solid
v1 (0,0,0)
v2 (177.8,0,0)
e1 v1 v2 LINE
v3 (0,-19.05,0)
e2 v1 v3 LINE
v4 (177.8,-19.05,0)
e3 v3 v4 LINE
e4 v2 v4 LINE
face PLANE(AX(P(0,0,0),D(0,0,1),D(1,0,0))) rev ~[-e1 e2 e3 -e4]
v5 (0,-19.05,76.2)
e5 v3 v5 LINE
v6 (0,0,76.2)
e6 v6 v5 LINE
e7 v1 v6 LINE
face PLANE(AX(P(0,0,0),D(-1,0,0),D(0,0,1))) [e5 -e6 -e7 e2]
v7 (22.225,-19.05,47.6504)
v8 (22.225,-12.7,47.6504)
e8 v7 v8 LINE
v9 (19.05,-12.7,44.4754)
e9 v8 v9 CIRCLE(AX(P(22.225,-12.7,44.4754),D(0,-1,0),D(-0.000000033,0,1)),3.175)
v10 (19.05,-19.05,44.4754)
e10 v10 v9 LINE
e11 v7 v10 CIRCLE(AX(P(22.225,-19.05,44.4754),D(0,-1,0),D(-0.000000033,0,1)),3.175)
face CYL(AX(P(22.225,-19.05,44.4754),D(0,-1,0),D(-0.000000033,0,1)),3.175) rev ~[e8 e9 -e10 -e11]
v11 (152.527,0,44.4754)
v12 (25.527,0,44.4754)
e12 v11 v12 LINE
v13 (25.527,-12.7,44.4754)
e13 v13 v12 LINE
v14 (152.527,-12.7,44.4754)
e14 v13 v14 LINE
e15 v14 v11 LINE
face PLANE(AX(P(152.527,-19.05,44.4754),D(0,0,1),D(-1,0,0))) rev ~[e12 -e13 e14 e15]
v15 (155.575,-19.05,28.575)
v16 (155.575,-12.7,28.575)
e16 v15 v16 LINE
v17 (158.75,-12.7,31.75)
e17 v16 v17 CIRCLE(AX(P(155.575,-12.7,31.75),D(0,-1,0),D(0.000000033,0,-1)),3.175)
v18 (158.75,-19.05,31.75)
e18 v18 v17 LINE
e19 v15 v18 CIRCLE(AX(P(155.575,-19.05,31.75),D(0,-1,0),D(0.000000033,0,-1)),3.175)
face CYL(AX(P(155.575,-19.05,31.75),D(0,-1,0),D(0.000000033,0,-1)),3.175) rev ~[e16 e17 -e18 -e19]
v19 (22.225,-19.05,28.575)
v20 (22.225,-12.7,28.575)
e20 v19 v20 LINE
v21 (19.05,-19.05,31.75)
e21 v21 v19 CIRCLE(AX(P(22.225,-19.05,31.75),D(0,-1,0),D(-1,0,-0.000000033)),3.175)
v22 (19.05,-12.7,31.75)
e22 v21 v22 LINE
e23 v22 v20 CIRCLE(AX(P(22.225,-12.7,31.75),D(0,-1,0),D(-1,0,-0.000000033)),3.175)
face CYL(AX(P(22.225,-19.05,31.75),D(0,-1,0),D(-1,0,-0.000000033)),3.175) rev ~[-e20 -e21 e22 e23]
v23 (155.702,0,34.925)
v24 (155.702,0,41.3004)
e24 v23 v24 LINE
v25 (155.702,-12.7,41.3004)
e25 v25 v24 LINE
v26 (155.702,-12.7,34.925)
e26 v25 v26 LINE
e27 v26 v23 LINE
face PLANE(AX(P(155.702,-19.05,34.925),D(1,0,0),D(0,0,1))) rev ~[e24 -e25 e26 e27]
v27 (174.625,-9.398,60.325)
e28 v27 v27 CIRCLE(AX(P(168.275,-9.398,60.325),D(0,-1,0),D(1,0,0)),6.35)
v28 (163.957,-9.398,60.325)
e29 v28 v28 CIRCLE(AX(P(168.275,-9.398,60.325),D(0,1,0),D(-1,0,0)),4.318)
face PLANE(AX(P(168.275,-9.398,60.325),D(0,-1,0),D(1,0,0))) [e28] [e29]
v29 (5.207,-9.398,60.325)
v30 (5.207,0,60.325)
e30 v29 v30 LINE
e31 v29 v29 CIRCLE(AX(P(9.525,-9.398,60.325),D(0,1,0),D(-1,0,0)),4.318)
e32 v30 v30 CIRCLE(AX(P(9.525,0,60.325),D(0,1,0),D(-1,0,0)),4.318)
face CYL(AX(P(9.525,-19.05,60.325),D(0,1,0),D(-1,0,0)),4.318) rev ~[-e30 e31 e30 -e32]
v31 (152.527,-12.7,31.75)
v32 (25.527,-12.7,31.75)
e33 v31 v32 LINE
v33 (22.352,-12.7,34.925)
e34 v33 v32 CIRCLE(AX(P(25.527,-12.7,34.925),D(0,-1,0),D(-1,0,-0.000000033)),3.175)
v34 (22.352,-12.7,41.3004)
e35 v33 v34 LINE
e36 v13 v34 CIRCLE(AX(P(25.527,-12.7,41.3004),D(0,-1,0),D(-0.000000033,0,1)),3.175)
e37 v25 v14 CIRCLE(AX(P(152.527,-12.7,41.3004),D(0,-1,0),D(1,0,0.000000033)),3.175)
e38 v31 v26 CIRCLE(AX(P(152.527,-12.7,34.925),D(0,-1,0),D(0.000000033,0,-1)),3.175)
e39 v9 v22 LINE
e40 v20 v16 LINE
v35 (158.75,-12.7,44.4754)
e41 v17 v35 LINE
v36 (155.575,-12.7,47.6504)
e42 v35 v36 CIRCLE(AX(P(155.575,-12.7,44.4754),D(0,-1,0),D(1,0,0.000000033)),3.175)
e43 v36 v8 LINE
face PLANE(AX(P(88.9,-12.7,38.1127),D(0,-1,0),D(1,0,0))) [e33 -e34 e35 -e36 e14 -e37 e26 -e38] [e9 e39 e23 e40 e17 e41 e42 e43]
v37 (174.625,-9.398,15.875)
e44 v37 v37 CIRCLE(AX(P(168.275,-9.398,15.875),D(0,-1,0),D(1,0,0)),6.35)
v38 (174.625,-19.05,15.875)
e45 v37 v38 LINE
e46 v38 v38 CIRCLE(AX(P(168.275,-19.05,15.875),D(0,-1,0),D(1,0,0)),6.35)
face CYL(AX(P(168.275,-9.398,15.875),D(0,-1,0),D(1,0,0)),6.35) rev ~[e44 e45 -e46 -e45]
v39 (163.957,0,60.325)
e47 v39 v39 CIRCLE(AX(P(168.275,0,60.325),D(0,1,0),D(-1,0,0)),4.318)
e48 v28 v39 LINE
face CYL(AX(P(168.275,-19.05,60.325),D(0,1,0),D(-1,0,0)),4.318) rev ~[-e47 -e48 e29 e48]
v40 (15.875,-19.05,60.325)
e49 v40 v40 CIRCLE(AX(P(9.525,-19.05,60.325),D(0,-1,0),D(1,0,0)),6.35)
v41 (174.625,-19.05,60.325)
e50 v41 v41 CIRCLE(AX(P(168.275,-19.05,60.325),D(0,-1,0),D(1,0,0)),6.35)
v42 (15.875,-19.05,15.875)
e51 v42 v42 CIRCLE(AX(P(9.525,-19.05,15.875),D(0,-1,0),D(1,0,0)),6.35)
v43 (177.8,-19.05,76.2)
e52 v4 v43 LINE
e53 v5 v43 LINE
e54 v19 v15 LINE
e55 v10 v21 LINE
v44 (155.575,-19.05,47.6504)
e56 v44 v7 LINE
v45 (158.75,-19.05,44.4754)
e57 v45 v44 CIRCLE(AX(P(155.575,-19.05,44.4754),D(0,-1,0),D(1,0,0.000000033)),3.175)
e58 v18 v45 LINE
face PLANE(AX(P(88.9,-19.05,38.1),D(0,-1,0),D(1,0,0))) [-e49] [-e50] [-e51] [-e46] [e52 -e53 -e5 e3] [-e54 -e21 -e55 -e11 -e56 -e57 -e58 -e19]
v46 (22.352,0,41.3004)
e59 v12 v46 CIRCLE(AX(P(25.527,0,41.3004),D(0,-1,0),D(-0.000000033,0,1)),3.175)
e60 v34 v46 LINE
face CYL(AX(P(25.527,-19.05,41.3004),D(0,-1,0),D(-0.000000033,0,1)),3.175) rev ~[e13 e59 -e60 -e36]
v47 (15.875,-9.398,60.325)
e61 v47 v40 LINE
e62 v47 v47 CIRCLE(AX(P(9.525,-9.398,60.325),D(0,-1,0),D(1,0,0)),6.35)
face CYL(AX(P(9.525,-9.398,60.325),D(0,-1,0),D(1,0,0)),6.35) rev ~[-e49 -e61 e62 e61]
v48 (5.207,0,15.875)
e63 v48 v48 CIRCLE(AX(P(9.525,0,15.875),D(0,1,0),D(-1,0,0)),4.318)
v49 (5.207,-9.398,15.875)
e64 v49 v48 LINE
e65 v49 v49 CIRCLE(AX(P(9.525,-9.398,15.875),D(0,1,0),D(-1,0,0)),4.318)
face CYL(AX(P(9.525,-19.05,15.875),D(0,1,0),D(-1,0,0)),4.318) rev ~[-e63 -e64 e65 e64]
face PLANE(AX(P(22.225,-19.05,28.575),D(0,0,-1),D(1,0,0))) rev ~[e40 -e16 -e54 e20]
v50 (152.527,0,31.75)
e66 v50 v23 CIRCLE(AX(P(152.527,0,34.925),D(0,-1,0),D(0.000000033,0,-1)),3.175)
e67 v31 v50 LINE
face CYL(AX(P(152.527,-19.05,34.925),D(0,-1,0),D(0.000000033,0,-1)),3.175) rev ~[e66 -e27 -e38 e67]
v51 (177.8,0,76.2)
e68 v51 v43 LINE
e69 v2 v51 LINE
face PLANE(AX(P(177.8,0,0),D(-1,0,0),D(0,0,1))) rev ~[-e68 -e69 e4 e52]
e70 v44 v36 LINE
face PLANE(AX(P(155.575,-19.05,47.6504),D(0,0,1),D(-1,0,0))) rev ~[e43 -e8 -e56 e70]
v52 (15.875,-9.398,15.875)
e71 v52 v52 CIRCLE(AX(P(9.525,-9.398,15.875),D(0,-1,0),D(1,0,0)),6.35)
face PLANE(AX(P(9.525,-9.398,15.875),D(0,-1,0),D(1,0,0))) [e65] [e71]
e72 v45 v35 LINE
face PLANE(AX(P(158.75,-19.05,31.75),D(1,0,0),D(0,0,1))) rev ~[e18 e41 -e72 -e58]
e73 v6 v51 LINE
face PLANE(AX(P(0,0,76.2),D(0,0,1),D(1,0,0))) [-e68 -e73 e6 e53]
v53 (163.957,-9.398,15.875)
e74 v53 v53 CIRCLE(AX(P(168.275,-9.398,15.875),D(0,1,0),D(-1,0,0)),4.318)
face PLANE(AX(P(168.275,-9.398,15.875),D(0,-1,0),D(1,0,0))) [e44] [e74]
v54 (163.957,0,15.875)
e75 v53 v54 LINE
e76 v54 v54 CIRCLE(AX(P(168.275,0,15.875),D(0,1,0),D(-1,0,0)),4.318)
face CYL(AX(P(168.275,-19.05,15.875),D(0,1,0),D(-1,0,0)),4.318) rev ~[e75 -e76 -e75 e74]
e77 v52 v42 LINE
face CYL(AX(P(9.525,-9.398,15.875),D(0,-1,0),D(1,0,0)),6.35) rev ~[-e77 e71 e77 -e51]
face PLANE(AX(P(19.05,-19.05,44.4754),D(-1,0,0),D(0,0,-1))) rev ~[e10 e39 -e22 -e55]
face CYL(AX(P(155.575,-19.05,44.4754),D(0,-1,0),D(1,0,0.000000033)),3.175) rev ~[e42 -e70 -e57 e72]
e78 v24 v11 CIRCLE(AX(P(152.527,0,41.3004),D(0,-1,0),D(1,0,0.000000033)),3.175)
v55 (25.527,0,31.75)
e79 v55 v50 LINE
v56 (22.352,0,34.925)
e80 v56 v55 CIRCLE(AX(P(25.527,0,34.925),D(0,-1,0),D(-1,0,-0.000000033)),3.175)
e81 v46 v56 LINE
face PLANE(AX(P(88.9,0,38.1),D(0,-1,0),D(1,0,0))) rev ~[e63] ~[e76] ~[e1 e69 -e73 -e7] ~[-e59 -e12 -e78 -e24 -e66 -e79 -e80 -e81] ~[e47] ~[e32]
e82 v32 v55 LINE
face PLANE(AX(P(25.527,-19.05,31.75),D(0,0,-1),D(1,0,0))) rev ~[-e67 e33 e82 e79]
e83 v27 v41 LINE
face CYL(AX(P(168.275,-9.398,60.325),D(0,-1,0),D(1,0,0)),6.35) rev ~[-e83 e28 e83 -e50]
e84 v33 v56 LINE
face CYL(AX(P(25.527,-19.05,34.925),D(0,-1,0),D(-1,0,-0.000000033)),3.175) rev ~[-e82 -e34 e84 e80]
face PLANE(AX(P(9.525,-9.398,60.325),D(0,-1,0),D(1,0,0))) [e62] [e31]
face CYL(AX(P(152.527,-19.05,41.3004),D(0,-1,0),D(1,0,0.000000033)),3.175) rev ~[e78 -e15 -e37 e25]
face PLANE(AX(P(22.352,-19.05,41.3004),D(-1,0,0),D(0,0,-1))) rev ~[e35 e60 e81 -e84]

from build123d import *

# Parameters (mm, degrees)
F0_W           = 177.8
F0_H           = 76.2
F1_DEPTH       = 19.05
F3_DEPTH       = 25.4
F5_DEPTH       = 6.35
F7_D           = 8.636
F7_CBORE_D     = 12.7
F7_CBORE_DEPTH = 9.652


with BuildPart() as f1:
    # F0 (on Front) → F1 (new body)
    with BuildSketch(Plane.XZ):
        with Locations((88.9, 38.1)):
            Rectangle(F0_W, F0_H)
    extrude(amount=F1_DEPTH)

    # F2 (on face) → F3 (cut)
    with BuildSketch(Plane.XZ.offset(19.05)):
        with BuildLine():
            ThreePointArc((22.352, 34.925), (23.281936, 32.679936), (25.527, 31.75))
            Line((25.527, 31.75), (152.527, 31.75))
            ThreePointArc((152.527, 31.75), (154.772064, 32.679936), (155.702, 34.925))
            Line((155.702, 34.925), (155.702, 41.3004))
            ThreePointArc((155.702, 41.3004), (154.772064, 43.545464), (152.527, 44.4754))
            Line((152.527, 44.4754), (25.527, 44.4754))
            ThreePointArc((25.527, 44.4754), (23.281936, 43.545464), (22.352, 41.3004))
            Line((22.352, 41.3004), (22.352, 34.925))
        make_face()
    extrude(amount=-F3_DEPTH, mode=Mode.SUBTRACT)

    # F4 (on face) → F5 (cut)
    with BuildSketch(Plane.XZ.offset(19.05)):
        with BuildLine():
            Line((155.575, 47.6504), (22.225, 47.6504))
            ThreePointArc((22.225, 47.6504), (19.979936, 46.720464), (19.05, 44.4754))
            Line((19.05, 44.4754), (19.05, 31.75))
            ThreePointArc((19.05, 31.75), (19.979936, 29.504936), (22.225, 28.575))
            Line((22.225, 28.575), (155.575, 28.575))
            ThreePointArc((155.575, 28.575), (157.820064, 29.504936), (158.75, 31.75))
            Line((158.75, 31.75), (158.75, 44.4754))
            ThreePointArc((158.75, 44.4754), (157.820064, 46.720464), (155.575, 47.6504))
        make_face()
    extrude(amount=-F5_DEPTH, mode=Mode.SUBTRACT)

    # F7 (through all)
    with Locations(Plane.XZ.offset(19.05)):
        with Locations((9.525, 15.875), (9.525, 60.325), (168.275, 60.325), (168.275, 15.875)):
            CounterBoreHole(F7_D / 2, F7_CBORE_D / 2, F7_CBORE_DEPTH)


solid = f1.part
